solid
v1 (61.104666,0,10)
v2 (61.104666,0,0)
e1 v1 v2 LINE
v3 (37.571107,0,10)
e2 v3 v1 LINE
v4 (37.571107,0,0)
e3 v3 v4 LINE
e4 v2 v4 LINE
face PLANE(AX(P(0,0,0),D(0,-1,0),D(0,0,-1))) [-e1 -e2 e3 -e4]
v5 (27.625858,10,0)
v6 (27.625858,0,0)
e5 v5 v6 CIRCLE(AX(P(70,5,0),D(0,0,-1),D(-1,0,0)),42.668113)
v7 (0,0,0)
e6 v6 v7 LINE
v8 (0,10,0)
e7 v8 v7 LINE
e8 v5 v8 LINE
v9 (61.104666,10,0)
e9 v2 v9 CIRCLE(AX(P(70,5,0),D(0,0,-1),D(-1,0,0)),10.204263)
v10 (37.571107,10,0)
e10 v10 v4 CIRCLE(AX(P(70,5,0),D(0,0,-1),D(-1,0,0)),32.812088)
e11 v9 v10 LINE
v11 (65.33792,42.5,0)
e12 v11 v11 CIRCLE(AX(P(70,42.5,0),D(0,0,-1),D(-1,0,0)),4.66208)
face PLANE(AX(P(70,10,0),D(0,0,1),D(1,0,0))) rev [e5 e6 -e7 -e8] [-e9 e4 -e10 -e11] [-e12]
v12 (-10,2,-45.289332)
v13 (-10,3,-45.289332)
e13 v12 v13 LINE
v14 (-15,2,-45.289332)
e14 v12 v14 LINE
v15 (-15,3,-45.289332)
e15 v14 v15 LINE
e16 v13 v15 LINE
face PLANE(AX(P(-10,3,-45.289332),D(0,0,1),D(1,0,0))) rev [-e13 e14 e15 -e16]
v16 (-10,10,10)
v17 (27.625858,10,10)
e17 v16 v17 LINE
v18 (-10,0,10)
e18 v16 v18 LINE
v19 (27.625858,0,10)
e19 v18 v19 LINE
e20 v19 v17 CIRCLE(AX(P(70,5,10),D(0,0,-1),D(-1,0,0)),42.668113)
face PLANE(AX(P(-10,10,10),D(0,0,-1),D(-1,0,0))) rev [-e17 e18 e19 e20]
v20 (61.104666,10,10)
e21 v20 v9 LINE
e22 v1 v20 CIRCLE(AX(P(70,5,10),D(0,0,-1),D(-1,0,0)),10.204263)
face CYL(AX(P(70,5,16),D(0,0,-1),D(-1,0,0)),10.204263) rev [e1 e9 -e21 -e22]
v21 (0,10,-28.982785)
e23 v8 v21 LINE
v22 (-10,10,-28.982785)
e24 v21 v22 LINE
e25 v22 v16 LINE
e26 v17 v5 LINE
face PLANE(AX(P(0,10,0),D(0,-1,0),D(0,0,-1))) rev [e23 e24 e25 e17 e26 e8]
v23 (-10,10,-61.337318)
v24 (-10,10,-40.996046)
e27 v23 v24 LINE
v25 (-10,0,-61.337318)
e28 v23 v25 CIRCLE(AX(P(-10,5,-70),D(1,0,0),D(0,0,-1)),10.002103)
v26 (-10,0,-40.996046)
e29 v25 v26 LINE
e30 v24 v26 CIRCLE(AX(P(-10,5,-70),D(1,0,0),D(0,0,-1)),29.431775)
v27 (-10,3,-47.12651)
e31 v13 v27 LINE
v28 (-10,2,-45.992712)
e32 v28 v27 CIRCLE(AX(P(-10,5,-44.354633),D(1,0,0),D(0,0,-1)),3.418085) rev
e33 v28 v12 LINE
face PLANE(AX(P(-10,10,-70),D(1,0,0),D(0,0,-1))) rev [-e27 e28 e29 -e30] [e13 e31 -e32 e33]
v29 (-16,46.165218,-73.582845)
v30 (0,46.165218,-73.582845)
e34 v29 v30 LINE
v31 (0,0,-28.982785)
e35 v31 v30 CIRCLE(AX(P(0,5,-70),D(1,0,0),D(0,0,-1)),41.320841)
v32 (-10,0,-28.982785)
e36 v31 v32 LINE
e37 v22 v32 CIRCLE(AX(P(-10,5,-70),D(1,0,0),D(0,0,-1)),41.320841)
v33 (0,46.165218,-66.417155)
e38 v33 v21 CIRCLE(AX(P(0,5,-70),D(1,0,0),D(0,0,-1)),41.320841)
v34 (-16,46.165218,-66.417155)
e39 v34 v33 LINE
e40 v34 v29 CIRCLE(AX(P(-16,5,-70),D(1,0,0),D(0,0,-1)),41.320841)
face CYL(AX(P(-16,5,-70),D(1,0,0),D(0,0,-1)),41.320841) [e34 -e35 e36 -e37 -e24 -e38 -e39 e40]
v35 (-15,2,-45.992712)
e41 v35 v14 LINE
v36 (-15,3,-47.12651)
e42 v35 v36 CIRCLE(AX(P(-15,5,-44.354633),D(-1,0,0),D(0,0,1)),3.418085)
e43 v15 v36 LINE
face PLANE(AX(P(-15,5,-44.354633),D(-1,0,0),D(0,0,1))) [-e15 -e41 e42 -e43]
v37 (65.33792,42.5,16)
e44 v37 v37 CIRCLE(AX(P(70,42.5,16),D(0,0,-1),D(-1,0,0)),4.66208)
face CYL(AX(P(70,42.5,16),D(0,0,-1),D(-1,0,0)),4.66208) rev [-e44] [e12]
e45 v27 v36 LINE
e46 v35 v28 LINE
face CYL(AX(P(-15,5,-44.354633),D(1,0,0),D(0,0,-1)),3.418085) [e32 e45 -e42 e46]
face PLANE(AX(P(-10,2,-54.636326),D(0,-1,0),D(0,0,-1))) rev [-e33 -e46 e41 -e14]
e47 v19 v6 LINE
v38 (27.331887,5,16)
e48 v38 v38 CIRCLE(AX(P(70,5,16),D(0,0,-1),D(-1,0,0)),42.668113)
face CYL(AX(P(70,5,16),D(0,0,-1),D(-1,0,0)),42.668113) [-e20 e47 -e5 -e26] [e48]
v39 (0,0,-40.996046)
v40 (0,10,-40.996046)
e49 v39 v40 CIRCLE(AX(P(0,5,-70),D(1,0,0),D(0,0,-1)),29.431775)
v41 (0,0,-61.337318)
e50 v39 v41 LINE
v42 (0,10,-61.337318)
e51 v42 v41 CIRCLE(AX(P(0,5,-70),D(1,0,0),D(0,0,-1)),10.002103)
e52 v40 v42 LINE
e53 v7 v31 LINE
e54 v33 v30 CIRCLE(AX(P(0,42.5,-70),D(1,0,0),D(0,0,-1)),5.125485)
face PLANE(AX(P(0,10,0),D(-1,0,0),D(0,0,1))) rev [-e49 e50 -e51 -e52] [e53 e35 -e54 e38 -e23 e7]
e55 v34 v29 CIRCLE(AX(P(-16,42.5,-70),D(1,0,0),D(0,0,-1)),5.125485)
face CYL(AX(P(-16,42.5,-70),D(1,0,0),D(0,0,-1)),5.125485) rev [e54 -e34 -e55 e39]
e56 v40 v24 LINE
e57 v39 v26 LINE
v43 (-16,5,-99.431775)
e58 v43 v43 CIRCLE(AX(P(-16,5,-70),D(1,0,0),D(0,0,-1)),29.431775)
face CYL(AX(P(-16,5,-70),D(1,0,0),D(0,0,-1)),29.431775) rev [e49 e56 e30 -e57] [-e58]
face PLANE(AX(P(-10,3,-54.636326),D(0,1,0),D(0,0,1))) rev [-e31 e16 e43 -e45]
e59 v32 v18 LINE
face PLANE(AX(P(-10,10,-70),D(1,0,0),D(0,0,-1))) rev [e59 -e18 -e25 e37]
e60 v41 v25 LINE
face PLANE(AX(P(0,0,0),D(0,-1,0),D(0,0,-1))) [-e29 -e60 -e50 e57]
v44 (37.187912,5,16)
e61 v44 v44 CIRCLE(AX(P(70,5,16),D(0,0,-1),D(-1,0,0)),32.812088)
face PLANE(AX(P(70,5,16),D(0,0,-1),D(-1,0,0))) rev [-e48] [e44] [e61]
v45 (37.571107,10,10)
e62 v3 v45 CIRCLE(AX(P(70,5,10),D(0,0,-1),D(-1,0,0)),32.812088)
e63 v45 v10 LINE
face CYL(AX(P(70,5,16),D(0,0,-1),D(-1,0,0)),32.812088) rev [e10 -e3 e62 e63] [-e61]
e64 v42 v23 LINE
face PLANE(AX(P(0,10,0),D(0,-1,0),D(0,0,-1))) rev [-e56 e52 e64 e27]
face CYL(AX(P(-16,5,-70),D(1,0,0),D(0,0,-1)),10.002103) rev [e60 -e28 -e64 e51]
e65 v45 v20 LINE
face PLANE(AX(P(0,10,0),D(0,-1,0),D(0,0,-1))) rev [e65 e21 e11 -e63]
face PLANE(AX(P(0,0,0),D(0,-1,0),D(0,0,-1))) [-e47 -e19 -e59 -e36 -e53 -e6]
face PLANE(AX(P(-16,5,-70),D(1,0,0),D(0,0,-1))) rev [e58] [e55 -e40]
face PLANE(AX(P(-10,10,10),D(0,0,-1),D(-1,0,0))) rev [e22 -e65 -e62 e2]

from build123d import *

# Parameters (mm, degrees)
BOSS_EXTRUDE1_DEPTH = 10
SKETCH3_R           = 5
BOSS_EXTRUDE2_DEPTH = 5
SKETCH4_W           = 12.842437823
SKETCH4_H           = 1
CUT_EXTRUDE1_DEPTH  = 5
SKETCH5_R           = 3.418084762
BOSS_EXTRUDE3_DEPTH = 5
SKETCH6_W           = 9.346993936
SKETCH6_H           = 1
CUT_EXTRUDE2_DEPTH  = 5
SKETCH7_R           = 42.668113091
SKETCH7_R_2         = 32.812087574
BOSS_EXTRUDE4_DEPTH = 16
SKETCH8_R           = 10.204262611
CUT_EXTRUDE3_DEPTH  = 16
SKETCH9_R           = 41.320841223
SKETCH9_R_2         = 29.431774833
BOSS_EXTRUDE5_DEPTH = 16
SKETCH10_R          = 10.002103031
CUT_EXTRUDE4_DEPTH  = 16
SKETCH11_R          = 5.125485485
CUT_EXTRUDE5_DEPTH  = 16
SKETCH12_R          = 4.662079799
CUT_EXTRUDE6_DEPTH  = 16


with BuildPart() as part:
    # Sketch1 → Boss-Extrude1 (new body)
    with BuildSketch(Plane(origin=(0, 0, 0), x_dir=(1, 0, 0), z_dir=(0, 1, 0))):
        Polygon((0, 0), (0, 70), (-10, 70), (-10, -10), (70, -10), (70, 0), align=None)
    extrude(amount=BOSS_EXTRUDE1_DEPTH)

    # Sketch3 → Boss-Extrude2 (add)
    with BuildSketch(Plane.XY.offset(10)):
        with Locations((65, 5)):
            Circle(SKETCH3_R)
    extrude(amount=BOSS_EXTRUDE2_DEPTH)

    # Sketch4 → Cut-Extrude1 (cut)
    with BuildSketch(Plane.XY.offset(15)):
        with Locations((61.851491479, 5)):
            Rectangle(SKETCH4_W, SKETCH4_H)
    extrude(amount=-CUT_EXTRUDE1_DEPTH, mode=Mode.SUBTRACT)

    # Sketch5 → Boss-Extrude3 (add)
    with BuildSketch(Plane.ZY.offset(10)):
        with Locations(Location((-44.354632579, 5, 0), (0, 0, 180))):
            Circle(SKETCH5_R)
    extrude(amount=BOSS_EXTRUDE3_DEPTH)

    # Sketch6 → Cut-Extrude2 (cut)
    with BuildSketch(Plane.ZY.offset(15)):
        with Locations((-49.962828941, 2.5)):
            Rectangle(SKETCH6_W, SKETCH6_H)
    extrude(amount=-CUT_EXTRUDE2_DEPTH, mode=Mode.SUBTRACT)

    # Sketch7 → Boss-Extrude4 (add)
    with BuildSketch(Plane(origin=(0, 0, 0), x_dir=(-1, 0, 0), z_dir=(0, 0, -1))):
        with Locations((-70, 5)):
            Circle(SKETCH7_R)
        with Locations((-70, 5)):
            Circle(SKETCH7_R_2, mode=Mode.SUBTRACT)
    extrude(amount=-BOSS_EXTRUDE4_DEPTH)

    # Sketch8 → Cut-Extrude3 (cut)
    with BuildSketch(Plane(origin=(0, 0, 0), x_dir=(-1, 0, 0), z_dir=(0, 0, -1))):
        with Locations((-70, 5)):
            Circle(SKETCH8_R)
    extrude(amount=-CUT_EXTRUDE3_DEPTH, mode=Mode.SUBTRACT)

    # Sketch9 → Boss-Extrude5 (add)
    with BuildSketch(Plane(origin=(0, 0, 0), x_dir=(0, 0, -1), z_dir=(1, 0, 0))):
        with Locations((70, 5)):
            Circle(SKETCH9_R)
        with Locations((70, 5)):
            Circle(SKETCH9_R_2, mode=Mode.SUBTRACT)
    extrude(amount=-BOSS_EXTRUDE5_DEPTH)

    # Sketch10 → Cut-Extrude4 (cut)
    with BuildSketch(Plane(origin=(0, 0, 0), x_dir=(0, 0, -1), z_dir=(1, 0, 0))):
        with Locations((70, 5)):
            Circle(SKETCH10_R)
    extrude(amount=-CUT_EXTRUDE4_DEPTH, mode=Mode.SUBTRACT)

    # Sketch11 → Cut-Extrude5 (cut)
    with BuildSketch(Plane(origin=(0, 0, 0), x_dir=(0, 0, -1), z_dir=(1, 0, 0))):
        with Locations((70, 42.5)):
            Circle(SKETCH11_R)
    extrude(amount=-CUT_EXTRUDE5_DEPTH, mode=Mode.SUBTRACT)

    # Sketch12 → Cut-Extrude6 (cut)
    with BuildSketch(Plane(origin=(0, 0, 0), x_dir=(-1, 0, 0), z_dir=(0, 0, -1))):
        with Locations((-70, 42.5)):
            Circle(SKETCH12_R)
    extrude(amount=-CUT_EXTRUDE6_DEPTH, mode=Mode.SUBTRACT)


solid = part.part
